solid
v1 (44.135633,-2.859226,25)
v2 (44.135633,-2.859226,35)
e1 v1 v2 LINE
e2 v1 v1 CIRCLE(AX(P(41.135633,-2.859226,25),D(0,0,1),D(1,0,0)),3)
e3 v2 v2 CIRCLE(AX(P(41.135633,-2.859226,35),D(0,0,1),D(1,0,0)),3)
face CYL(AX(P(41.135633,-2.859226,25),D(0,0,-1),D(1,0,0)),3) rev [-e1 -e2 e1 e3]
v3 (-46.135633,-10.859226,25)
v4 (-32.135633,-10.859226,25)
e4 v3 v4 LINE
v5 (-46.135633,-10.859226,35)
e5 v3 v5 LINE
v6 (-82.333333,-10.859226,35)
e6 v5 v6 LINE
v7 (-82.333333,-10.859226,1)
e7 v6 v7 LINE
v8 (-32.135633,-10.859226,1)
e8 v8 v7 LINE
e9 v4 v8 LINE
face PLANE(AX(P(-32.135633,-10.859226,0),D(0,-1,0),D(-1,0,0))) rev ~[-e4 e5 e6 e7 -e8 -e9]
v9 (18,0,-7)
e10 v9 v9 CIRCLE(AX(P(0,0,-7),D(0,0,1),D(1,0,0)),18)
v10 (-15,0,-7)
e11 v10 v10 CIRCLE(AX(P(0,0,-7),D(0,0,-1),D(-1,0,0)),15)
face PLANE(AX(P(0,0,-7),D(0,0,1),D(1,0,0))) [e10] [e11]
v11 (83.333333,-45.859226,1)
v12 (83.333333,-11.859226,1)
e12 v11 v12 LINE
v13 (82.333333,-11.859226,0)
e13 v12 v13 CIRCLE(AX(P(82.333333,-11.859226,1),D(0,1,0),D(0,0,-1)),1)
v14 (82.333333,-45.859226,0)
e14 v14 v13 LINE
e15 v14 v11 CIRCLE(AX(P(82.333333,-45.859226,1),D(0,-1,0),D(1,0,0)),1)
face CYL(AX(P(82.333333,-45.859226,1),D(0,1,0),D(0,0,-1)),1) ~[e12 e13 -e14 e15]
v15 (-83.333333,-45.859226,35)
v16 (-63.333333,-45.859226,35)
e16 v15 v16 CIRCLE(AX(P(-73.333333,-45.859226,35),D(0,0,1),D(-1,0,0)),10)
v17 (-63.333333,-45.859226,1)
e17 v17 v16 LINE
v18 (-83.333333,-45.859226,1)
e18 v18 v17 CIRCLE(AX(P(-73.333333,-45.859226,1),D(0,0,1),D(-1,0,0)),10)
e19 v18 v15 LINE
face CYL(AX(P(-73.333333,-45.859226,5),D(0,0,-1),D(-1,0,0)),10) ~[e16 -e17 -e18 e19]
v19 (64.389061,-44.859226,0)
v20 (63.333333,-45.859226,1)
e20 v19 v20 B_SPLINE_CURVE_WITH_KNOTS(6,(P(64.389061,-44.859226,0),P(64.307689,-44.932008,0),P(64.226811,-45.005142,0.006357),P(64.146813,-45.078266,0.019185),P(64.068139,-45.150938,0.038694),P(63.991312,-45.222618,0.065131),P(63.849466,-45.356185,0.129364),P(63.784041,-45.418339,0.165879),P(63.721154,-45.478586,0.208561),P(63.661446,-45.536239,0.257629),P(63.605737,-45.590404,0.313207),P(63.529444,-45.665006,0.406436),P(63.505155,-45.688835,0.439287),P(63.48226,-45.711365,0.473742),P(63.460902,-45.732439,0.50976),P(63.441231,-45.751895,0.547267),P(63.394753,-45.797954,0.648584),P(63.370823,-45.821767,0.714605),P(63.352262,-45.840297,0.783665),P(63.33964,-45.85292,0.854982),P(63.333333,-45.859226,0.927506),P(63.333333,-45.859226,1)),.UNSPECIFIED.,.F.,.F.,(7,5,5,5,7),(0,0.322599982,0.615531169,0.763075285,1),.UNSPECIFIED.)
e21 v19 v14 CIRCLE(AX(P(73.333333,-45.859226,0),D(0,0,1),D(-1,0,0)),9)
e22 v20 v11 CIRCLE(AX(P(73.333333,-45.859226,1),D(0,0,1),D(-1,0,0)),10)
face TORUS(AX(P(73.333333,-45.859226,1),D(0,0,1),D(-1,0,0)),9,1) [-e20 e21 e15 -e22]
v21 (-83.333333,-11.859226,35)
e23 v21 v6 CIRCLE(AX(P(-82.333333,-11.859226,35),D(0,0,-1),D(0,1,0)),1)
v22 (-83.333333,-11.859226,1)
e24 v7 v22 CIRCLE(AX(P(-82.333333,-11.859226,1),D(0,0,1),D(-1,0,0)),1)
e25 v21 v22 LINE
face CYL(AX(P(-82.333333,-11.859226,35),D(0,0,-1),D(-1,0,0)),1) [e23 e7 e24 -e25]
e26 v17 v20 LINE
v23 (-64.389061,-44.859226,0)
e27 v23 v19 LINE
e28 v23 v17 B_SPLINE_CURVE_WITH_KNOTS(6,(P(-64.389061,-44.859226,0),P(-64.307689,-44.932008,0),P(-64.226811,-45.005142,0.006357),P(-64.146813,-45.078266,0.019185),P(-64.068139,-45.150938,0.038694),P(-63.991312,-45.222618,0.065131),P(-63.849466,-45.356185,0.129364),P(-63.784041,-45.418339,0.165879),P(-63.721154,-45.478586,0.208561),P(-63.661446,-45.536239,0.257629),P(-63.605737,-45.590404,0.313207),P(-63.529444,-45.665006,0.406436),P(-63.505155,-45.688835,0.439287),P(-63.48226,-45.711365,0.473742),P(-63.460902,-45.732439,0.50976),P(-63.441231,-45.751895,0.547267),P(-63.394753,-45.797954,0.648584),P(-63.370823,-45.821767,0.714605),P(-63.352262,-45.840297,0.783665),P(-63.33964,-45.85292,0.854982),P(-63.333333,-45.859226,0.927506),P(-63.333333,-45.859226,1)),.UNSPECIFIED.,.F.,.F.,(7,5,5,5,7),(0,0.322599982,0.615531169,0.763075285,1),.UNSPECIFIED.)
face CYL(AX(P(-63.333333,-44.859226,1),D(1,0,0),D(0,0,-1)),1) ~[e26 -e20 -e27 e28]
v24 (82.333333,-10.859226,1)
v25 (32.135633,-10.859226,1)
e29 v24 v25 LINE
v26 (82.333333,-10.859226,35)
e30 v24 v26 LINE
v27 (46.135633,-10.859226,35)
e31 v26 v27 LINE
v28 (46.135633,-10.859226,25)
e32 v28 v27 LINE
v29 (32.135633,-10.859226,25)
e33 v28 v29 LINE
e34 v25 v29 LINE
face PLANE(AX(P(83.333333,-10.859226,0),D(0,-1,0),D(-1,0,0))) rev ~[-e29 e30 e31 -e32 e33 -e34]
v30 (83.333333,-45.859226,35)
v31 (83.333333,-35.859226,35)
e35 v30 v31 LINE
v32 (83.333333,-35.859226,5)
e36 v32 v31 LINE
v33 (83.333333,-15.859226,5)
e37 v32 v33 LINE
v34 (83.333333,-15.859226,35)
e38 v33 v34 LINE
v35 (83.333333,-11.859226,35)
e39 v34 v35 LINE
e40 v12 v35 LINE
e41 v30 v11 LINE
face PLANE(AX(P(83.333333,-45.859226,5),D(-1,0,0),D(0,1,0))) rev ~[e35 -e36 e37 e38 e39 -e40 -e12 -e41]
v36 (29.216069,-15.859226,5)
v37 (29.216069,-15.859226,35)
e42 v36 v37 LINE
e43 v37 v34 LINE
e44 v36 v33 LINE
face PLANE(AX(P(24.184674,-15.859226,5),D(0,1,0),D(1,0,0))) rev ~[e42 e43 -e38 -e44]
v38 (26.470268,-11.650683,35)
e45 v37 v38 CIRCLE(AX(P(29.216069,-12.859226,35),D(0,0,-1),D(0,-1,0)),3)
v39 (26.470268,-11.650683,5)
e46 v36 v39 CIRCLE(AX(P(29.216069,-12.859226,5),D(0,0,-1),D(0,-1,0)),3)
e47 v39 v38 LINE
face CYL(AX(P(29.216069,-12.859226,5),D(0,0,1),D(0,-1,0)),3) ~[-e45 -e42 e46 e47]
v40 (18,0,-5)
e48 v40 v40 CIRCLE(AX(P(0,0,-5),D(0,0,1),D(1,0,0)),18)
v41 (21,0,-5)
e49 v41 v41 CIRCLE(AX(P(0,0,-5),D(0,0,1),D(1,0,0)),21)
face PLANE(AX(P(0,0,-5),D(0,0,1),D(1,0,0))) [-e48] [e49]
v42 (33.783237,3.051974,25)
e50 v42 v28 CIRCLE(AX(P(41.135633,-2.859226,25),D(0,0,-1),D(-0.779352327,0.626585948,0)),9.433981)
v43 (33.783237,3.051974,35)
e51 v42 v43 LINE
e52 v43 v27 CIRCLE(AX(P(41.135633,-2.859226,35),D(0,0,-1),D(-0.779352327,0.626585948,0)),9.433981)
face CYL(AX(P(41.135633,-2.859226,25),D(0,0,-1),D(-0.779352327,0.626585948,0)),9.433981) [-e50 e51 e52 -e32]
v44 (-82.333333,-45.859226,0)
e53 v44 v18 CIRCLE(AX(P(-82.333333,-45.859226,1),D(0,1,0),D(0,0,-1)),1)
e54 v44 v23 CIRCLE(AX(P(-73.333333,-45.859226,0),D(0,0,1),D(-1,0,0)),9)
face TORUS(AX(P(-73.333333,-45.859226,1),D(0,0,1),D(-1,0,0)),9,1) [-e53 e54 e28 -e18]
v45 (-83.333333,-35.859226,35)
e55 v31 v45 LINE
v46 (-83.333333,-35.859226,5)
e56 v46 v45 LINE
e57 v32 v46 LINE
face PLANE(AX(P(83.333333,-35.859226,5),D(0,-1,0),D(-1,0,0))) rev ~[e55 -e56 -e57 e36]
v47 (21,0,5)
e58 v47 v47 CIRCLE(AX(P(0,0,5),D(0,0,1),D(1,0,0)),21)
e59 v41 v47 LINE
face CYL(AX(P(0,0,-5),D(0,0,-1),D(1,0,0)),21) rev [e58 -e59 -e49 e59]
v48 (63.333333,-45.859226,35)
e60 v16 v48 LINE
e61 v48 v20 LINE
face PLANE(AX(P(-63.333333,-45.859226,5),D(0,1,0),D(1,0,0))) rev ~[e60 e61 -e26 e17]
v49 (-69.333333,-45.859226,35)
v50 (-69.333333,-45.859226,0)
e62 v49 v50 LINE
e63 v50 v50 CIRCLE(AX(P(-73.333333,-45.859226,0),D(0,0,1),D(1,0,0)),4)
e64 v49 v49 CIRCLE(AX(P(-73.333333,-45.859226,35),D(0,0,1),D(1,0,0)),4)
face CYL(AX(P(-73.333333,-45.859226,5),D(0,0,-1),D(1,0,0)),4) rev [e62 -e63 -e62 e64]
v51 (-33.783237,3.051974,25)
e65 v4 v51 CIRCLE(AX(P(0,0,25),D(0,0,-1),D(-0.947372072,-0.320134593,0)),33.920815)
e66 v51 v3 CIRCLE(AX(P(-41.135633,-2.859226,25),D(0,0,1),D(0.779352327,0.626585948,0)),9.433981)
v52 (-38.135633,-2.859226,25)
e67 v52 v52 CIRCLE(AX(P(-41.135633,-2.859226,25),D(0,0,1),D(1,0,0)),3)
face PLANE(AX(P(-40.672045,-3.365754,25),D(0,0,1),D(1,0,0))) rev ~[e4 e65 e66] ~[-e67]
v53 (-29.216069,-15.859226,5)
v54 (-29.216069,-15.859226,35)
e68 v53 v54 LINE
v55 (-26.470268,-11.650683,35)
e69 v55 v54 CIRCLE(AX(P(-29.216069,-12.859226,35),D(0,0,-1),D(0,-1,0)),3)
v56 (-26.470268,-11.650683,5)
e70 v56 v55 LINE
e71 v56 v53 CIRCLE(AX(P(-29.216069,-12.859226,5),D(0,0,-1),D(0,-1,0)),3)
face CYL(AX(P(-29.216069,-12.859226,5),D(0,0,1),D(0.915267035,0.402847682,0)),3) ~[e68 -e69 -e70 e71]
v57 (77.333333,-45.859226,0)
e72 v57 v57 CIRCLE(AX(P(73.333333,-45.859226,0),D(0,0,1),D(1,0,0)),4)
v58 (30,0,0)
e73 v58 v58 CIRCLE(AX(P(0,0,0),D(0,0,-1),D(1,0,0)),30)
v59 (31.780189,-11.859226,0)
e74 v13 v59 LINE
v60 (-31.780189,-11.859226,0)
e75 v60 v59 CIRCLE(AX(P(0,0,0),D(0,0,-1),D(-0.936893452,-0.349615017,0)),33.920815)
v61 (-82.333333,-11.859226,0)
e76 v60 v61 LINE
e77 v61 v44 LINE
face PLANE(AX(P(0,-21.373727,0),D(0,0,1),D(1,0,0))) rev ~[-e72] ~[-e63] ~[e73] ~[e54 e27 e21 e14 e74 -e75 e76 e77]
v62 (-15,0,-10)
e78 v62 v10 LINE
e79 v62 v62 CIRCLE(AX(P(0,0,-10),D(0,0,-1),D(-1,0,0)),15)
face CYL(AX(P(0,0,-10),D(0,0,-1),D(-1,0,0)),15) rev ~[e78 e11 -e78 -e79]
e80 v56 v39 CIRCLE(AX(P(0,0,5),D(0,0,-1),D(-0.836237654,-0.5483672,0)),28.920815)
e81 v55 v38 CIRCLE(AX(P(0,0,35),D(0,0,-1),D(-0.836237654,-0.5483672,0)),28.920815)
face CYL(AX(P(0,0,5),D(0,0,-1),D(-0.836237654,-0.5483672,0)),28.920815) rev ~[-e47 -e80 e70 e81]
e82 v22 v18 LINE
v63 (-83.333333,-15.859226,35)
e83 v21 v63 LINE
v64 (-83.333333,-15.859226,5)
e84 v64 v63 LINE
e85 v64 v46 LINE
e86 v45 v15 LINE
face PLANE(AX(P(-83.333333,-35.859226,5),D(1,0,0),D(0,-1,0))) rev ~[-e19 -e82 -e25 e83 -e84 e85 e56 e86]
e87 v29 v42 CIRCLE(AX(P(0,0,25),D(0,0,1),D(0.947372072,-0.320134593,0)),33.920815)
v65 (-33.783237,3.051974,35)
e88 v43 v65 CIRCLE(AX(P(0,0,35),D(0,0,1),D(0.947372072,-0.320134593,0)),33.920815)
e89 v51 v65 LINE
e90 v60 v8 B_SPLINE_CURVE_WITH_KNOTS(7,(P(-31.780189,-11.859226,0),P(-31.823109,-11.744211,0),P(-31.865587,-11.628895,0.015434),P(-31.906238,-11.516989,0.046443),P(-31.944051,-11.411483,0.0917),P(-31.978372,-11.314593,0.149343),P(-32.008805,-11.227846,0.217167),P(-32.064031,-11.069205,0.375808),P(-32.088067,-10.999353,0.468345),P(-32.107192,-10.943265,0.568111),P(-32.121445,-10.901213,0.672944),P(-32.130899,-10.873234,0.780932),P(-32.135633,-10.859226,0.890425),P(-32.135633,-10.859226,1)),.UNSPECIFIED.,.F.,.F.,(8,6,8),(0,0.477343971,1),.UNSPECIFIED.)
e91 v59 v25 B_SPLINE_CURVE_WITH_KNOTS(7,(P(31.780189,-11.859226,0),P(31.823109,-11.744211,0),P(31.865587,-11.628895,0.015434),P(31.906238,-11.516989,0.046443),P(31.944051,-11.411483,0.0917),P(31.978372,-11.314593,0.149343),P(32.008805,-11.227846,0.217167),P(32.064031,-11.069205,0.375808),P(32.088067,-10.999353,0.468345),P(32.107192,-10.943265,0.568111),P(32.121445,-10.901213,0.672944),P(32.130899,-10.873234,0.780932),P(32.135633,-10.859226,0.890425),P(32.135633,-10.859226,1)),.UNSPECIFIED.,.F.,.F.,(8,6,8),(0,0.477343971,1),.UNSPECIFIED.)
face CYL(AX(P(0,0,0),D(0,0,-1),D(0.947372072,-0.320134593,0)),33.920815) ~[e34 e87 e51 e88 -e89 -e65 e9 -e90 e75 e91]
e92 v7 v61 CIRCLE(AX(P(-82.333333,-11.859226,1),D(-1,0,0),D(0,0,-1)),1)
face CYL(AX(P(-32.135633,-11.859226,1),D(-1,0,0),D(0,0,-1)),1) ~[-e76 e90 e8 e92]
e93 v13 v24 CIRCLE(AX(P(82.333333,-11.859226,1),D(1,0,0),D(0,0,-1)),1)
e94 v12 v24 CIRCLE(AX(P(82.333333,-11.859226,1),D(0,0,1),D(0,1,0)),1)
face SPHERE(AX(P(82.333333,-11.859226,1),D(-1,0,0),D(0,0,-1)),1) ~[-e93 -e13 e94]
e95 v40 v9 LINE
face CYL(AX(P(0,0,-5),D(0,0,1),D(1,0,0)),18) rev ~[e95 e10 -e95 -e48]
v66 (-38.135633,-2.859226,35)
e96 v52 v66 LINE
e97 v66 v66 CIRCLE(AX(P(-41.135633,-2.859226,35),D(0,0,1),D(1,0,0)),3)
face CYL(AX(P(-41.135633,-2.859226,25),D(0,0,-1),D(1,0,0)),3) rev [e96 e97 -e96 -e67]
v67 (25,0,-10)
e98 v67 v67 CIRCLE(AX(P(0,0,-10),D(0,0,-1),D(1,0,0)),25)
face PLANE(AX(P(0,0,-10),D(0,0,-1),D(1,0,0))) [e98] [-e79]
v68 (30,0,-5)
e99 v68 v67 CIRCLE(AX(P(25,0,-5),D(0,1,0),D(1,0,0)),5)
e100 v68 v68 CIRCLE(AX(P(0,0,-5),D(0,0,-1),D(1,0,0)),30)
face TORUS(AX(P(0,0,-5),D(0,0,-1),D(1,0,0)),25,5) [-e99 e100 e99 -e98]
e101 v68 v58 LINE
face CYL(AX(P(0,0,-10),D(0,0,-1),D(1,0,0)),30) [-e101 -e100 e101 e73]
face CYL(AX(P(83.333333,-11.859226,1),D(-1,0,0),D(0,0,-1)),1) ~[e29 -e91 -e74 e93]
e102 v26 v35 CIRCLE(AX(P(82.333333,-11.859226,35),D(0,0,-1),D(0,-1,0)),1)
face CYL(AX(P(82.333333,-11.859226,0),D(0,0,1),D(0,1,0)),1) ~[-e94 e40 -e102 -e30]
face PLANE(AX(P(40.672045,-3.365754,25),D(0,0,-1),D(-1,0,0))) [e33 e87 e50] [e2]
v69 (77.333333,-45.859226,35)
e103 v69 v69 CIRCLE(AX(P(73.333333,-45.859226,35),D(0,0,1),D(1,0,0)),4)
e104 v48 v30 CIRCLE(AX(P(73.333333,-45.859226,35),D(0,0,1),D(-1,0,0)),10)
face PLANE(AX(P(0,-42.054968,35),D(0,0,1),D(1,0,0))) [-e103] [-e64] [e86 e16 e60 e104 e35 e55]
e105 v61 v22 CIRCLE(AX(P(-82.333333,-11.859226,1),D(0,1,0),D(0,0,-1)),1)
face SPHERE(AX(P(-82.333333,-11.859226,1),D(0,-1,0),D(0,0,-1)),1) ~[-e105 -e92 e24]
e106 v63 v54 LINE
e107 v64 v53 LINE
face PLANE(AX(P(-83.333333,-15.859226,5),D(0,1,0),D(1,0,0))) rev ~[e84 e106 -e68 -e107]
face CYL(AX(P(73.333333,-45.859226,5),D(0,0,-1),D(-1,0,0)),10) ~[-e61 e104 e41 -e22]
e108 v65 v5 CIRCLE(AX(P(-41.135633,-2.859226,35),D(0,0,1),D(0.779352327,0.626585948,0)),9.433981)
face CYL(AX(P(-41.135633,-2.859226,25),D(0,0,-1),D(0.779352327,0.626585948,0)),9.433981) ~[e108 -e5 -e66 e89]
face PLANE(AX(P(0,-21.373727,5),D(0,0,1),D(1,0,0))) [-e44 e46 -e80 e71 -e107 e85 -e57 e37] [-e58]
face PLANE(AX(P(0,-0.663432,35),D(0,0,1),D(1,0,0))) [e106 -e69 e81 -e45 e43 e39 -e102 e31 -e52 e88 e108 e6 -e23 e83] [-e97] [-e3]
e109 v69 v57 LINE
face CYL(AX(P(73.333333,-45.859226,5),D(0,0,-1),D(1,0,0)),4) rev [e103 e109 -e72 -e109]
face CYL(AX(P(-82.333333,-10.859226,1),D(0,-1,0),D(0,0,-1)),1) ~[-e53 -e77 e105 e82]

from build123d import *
from build123d.topology import SkipClean

# Parameters (mm, degrees)
SKETCH1_R           = 4
SKETCH1_R_2         = 15
BOSS_EXTRUDE2_DEPTH = 5
SKETCH2_R           = 4
BOSS_EXTRUDE3_DEPTH = 30
BOSS_EXTRUDE4_START = 10
SKETCH4_R           = 30
SKETCH4_R_2         = 15
BOSS_EXTRUDE4_DEPTH = 10
BOSS_EXTRUDE6_START = -10
SKETCH7_R           = 3
BOSS_EXTRUDE6_DEPTH = 10
FILLET1_R           = 5
CUT_EXTRUDE2_START  = -10
SKETCH5_R           = 21
SKETCH5_R_2         = 15
CUT_EXTRUDE2_DEPTH  = 10
SKETCH8_R           = 18
CUT_EXTRUDE3_DEPTH  = 2
FILLET2_R           = 1
FILLET3_R           = 3


with BuildPart() as part:
    # Sketch1 → Boss-Extrude2 (new body)
    with BuildSketch(Plane.XY):
        with BuildLine():
            Line((-83.333333333, -10.859226218), (-83.333333333, -35.859226218))
            Line((-83.333333333, -35.859226218), (-83.333333333, -45.859226218))
            ThreePointArc((-83.333333333, -45.859226218), (-73.333333333, -55.859226218), (-63.333333333, -45.859226218))
            Line((-63.333333333, -45.859226218), (0, -45.859226218))
            Line((0, -45.859226218), (63.333333333, -45.859226218))
            ThreePointArc((63.333333333, -45.859226218), (73.333333333, -55.859226218), (83.333333333, -45.859226218))
            Line((83.333333333, -45.859226218), (83.333333333, -35.859226218))
            Line((83.333333333, -35.859226218), (83.333333333, -10.859226218))
            Line((83.333333333, -10.859226218), (32.135632545, -10.859226218))
            ThreePointArc((32.135632545, -10.859226218), (0, 33.920814748), (-32.135632545, -10.859226218))
            Line((-32.135632545, -10.859226218), (-83.333333333, -10.859226218))
        make_face()
        with Locations((-73.333333333, -45.859226218)):
            Circle(SKETCH1_R, mode=Mode.SUBTRACT)
        with Locations((73.333333333, -45.859226218)):
            Circle(SKETCH1_R, mode=Mode.SUBTRACT)
        Circle(SKETCH1_R_2, mode=Mode.SUBTRACT)
    extrude(amount=BOSS_EXTRUDE2_DEPTH)

    # Sketch2 → Boss-Extrude3 (add)
    # profile 1 of 2: a face of its own
    with BuildSketch(Plane.XY.offset(5)):
        with BuildLine():
            Line((83.333333333, -35.859226218), (-83.333333333, -35.859226218))
            Line((-83.333333333, -35.859226218), (-83.333333333, -45.859226218))
            ThreePointArc((-83.333333333, -45.859226218), (-73.333333333, -55.859226218), (-63.333333333, -45.859226218))
            Line((-63.333333333, -45.859226218), (63.333333333, -45.859226218))
            ThreePointArc((63.333333333, -45.859226218), (73.333333333, -55.859226218), (83.333333333, -45.859226218))
            Line((83.333333333, -45.859226218), (83.333333333, -35.859226218))
        make_face()
        with Locations((-73.333333333, -45.859226218)):
            Circle(SKETCH2_R, mode=Mode.SUBTRACT)
        with Locations((73.333333333, -45.859226218)):
            Circle(SKETCH2_R, mode=Mode.SUBTRACT)
    # profile 2 of 2: a face of its own
    with BuildSketch(Plane.XY.offset(5)):
        with BuildLine():
            Line((-83.333333333, -10.859226218), (-83.333333333, -15.859226218))
            Line((-83.333333333, -15.859226218), (-24.184674268, -15.859226218))
            ThreePointArc((-24.184674268, -15.859226218), (0, 28.920814748), (24.184674268, -15.859226218))
            Line((24.184674268, -15.859226218), (83.333333333, -15.859226218))
            Line((83.333333333, -15.859226218), (83.333333333, -10.859226218))
            Line((83.333333333, -10.859226218), (32.135632545, -10.859226218))
            ThreePointArc((32.135632545, -10.859226218), (0, 33.920814748), (-32.135632545, -10.859226218))
            Line((-32.135632545, -10.859226218), (-83.333333333, -10.859226218))
        make_face()
    extrude(amount=BOSS_EXTRUDE3_DEPTH)

    # Sketch4 → Boss-Extrude4 (add)
    with SkipClean():  # the faces are left unmerged after this step: merging them gives an invalid solid
        with BuildSketch(Plane(origin=(0, 0, 0), x_dir=(-1, 0, 0), z_dir=(0, 0, -1)).offset(BOSS_EXTRUDE4_START)):
            with Locations(Location((0, 0, 0), (0, 0, 180))):
                Circle(SKETCH4_R)
            Circle(SKETCH4_R_2, mode=Mode.SUBTRACT)
        extrude(amount=-BOSS_EXTRUDE4_DEPTH)

    # Sketch7 → Boss-Extrude6 (add)
    # profile 1 of 2: a face of its own
    with SkipClean():  # the faces are left unmerged after this step: merging them gives an invalid solid
        with BuildSketch(Plane.XY.offset(35).offset(BOSS_EXTRUDE6_START)):
            with BuildLine():
                Line((-46.135632545, -10.859226218), (-32.135632545, -10.859226218))
                ThreePointArc((-32.135632545, -10.859226218), (-33.685378506, -3.989604998), (-33.783237398, 3.051973795))
                ThreePointArc((-33.783237398, 3.051973795), (-48.189979587, 3.404653395), (-46.135632545, -10.859226218))
            make_face()
            with Locations((-41.135632545, -2.859226218)):
                Circle(SKETCH7_R, mode=Mode.SUBTRACT)
        # profile 2 of 2: a face of its own
        with BuildSketch(Plane.XY.offset(35).offset(BOSS_EXTRUDE6_START)):
            with BuildLine():
                Line((46.135632545, -10.859226218), (32.135632545, -10.859226218))
                ThreePointArc((32.135632545, -10.859226218), (33.685378506, -3.989604998), (33.783237398, 3.051973795))
                ThreePointArc((33.783237398, 3.051973795), (48.189979587, 3.404653395), (46.135632545, -10.859226218))
            make_face()
            with Locations((41.135632545, -2.859226218)):
                Circle(SKETCH7_R, mode=Mode.SUBTRACT)
        extrude(amount=BOSS_EXTRUDE6_DEPTH)

    # Fillet1
    fillet1_edges = [part.edges().sort_by_distance(p)[0] for p in [
        (-30, 0, -10),
    ]]
    fillet(fillet1_edges, radius=FILLET1_R)

    # Sketch5 → Cut-Extrude2 (cut)
    with BuildSketch(Plane.XY.offset(5).offset(CUT_EXTRUDE2_START)):
        Circle(SKETCH5_R)
        with Locations(Location((0, 0, 0), (0, 0, 180))):
            Circle(SKETCH5_R_2, mode=Mode.SUBTRACT)
    extrude(amount=CUT_EXTRUDE2_DEPTH, mode=Mode.SUBTRACT)

    # Sketch8 → Cut-Extrude3 (cut)
    with BuildSketch(Plane.XY.offset(-5)):
        Circle(SKETCH8_R)
    extrude(amount=-CUT_EXTRUDE3_DEPTH, mode=Mode.SUBTRACT)

    # Fillet2
    fillet2_edges = [part.edges().sort_by_distance(p)[0] for p in [
        (-73.333333333, -55.859226218, 0),
        (-83.333333333, -28.359226218, 0),
        (-57.734482939, -10.859226218, 0),
        (57.734482939, -10.859226218, 0),
        (83.333333333, -28.359226218, 0),
        (73.333333333, -55.859226218, 0),
        (0, -45.859226218, 0),
        (-83.333333333, -10.859226218, 17.5),
        (83.333333333, -10.859226218, 17.5),
    ]]
    fillet(fillet2_edges, radius=FILLET2_R)

    # Fillet3
    fillet3_edges = [part.edges().sort_by_distance(p)[0] for p in [
        (-24.184674268, -15.859226218, 20),
        (24.184674268, -15.859226218, 20),
    ]]
    fillet(fillet3_edges, radius=FILLET3_R)


solid = part.part
